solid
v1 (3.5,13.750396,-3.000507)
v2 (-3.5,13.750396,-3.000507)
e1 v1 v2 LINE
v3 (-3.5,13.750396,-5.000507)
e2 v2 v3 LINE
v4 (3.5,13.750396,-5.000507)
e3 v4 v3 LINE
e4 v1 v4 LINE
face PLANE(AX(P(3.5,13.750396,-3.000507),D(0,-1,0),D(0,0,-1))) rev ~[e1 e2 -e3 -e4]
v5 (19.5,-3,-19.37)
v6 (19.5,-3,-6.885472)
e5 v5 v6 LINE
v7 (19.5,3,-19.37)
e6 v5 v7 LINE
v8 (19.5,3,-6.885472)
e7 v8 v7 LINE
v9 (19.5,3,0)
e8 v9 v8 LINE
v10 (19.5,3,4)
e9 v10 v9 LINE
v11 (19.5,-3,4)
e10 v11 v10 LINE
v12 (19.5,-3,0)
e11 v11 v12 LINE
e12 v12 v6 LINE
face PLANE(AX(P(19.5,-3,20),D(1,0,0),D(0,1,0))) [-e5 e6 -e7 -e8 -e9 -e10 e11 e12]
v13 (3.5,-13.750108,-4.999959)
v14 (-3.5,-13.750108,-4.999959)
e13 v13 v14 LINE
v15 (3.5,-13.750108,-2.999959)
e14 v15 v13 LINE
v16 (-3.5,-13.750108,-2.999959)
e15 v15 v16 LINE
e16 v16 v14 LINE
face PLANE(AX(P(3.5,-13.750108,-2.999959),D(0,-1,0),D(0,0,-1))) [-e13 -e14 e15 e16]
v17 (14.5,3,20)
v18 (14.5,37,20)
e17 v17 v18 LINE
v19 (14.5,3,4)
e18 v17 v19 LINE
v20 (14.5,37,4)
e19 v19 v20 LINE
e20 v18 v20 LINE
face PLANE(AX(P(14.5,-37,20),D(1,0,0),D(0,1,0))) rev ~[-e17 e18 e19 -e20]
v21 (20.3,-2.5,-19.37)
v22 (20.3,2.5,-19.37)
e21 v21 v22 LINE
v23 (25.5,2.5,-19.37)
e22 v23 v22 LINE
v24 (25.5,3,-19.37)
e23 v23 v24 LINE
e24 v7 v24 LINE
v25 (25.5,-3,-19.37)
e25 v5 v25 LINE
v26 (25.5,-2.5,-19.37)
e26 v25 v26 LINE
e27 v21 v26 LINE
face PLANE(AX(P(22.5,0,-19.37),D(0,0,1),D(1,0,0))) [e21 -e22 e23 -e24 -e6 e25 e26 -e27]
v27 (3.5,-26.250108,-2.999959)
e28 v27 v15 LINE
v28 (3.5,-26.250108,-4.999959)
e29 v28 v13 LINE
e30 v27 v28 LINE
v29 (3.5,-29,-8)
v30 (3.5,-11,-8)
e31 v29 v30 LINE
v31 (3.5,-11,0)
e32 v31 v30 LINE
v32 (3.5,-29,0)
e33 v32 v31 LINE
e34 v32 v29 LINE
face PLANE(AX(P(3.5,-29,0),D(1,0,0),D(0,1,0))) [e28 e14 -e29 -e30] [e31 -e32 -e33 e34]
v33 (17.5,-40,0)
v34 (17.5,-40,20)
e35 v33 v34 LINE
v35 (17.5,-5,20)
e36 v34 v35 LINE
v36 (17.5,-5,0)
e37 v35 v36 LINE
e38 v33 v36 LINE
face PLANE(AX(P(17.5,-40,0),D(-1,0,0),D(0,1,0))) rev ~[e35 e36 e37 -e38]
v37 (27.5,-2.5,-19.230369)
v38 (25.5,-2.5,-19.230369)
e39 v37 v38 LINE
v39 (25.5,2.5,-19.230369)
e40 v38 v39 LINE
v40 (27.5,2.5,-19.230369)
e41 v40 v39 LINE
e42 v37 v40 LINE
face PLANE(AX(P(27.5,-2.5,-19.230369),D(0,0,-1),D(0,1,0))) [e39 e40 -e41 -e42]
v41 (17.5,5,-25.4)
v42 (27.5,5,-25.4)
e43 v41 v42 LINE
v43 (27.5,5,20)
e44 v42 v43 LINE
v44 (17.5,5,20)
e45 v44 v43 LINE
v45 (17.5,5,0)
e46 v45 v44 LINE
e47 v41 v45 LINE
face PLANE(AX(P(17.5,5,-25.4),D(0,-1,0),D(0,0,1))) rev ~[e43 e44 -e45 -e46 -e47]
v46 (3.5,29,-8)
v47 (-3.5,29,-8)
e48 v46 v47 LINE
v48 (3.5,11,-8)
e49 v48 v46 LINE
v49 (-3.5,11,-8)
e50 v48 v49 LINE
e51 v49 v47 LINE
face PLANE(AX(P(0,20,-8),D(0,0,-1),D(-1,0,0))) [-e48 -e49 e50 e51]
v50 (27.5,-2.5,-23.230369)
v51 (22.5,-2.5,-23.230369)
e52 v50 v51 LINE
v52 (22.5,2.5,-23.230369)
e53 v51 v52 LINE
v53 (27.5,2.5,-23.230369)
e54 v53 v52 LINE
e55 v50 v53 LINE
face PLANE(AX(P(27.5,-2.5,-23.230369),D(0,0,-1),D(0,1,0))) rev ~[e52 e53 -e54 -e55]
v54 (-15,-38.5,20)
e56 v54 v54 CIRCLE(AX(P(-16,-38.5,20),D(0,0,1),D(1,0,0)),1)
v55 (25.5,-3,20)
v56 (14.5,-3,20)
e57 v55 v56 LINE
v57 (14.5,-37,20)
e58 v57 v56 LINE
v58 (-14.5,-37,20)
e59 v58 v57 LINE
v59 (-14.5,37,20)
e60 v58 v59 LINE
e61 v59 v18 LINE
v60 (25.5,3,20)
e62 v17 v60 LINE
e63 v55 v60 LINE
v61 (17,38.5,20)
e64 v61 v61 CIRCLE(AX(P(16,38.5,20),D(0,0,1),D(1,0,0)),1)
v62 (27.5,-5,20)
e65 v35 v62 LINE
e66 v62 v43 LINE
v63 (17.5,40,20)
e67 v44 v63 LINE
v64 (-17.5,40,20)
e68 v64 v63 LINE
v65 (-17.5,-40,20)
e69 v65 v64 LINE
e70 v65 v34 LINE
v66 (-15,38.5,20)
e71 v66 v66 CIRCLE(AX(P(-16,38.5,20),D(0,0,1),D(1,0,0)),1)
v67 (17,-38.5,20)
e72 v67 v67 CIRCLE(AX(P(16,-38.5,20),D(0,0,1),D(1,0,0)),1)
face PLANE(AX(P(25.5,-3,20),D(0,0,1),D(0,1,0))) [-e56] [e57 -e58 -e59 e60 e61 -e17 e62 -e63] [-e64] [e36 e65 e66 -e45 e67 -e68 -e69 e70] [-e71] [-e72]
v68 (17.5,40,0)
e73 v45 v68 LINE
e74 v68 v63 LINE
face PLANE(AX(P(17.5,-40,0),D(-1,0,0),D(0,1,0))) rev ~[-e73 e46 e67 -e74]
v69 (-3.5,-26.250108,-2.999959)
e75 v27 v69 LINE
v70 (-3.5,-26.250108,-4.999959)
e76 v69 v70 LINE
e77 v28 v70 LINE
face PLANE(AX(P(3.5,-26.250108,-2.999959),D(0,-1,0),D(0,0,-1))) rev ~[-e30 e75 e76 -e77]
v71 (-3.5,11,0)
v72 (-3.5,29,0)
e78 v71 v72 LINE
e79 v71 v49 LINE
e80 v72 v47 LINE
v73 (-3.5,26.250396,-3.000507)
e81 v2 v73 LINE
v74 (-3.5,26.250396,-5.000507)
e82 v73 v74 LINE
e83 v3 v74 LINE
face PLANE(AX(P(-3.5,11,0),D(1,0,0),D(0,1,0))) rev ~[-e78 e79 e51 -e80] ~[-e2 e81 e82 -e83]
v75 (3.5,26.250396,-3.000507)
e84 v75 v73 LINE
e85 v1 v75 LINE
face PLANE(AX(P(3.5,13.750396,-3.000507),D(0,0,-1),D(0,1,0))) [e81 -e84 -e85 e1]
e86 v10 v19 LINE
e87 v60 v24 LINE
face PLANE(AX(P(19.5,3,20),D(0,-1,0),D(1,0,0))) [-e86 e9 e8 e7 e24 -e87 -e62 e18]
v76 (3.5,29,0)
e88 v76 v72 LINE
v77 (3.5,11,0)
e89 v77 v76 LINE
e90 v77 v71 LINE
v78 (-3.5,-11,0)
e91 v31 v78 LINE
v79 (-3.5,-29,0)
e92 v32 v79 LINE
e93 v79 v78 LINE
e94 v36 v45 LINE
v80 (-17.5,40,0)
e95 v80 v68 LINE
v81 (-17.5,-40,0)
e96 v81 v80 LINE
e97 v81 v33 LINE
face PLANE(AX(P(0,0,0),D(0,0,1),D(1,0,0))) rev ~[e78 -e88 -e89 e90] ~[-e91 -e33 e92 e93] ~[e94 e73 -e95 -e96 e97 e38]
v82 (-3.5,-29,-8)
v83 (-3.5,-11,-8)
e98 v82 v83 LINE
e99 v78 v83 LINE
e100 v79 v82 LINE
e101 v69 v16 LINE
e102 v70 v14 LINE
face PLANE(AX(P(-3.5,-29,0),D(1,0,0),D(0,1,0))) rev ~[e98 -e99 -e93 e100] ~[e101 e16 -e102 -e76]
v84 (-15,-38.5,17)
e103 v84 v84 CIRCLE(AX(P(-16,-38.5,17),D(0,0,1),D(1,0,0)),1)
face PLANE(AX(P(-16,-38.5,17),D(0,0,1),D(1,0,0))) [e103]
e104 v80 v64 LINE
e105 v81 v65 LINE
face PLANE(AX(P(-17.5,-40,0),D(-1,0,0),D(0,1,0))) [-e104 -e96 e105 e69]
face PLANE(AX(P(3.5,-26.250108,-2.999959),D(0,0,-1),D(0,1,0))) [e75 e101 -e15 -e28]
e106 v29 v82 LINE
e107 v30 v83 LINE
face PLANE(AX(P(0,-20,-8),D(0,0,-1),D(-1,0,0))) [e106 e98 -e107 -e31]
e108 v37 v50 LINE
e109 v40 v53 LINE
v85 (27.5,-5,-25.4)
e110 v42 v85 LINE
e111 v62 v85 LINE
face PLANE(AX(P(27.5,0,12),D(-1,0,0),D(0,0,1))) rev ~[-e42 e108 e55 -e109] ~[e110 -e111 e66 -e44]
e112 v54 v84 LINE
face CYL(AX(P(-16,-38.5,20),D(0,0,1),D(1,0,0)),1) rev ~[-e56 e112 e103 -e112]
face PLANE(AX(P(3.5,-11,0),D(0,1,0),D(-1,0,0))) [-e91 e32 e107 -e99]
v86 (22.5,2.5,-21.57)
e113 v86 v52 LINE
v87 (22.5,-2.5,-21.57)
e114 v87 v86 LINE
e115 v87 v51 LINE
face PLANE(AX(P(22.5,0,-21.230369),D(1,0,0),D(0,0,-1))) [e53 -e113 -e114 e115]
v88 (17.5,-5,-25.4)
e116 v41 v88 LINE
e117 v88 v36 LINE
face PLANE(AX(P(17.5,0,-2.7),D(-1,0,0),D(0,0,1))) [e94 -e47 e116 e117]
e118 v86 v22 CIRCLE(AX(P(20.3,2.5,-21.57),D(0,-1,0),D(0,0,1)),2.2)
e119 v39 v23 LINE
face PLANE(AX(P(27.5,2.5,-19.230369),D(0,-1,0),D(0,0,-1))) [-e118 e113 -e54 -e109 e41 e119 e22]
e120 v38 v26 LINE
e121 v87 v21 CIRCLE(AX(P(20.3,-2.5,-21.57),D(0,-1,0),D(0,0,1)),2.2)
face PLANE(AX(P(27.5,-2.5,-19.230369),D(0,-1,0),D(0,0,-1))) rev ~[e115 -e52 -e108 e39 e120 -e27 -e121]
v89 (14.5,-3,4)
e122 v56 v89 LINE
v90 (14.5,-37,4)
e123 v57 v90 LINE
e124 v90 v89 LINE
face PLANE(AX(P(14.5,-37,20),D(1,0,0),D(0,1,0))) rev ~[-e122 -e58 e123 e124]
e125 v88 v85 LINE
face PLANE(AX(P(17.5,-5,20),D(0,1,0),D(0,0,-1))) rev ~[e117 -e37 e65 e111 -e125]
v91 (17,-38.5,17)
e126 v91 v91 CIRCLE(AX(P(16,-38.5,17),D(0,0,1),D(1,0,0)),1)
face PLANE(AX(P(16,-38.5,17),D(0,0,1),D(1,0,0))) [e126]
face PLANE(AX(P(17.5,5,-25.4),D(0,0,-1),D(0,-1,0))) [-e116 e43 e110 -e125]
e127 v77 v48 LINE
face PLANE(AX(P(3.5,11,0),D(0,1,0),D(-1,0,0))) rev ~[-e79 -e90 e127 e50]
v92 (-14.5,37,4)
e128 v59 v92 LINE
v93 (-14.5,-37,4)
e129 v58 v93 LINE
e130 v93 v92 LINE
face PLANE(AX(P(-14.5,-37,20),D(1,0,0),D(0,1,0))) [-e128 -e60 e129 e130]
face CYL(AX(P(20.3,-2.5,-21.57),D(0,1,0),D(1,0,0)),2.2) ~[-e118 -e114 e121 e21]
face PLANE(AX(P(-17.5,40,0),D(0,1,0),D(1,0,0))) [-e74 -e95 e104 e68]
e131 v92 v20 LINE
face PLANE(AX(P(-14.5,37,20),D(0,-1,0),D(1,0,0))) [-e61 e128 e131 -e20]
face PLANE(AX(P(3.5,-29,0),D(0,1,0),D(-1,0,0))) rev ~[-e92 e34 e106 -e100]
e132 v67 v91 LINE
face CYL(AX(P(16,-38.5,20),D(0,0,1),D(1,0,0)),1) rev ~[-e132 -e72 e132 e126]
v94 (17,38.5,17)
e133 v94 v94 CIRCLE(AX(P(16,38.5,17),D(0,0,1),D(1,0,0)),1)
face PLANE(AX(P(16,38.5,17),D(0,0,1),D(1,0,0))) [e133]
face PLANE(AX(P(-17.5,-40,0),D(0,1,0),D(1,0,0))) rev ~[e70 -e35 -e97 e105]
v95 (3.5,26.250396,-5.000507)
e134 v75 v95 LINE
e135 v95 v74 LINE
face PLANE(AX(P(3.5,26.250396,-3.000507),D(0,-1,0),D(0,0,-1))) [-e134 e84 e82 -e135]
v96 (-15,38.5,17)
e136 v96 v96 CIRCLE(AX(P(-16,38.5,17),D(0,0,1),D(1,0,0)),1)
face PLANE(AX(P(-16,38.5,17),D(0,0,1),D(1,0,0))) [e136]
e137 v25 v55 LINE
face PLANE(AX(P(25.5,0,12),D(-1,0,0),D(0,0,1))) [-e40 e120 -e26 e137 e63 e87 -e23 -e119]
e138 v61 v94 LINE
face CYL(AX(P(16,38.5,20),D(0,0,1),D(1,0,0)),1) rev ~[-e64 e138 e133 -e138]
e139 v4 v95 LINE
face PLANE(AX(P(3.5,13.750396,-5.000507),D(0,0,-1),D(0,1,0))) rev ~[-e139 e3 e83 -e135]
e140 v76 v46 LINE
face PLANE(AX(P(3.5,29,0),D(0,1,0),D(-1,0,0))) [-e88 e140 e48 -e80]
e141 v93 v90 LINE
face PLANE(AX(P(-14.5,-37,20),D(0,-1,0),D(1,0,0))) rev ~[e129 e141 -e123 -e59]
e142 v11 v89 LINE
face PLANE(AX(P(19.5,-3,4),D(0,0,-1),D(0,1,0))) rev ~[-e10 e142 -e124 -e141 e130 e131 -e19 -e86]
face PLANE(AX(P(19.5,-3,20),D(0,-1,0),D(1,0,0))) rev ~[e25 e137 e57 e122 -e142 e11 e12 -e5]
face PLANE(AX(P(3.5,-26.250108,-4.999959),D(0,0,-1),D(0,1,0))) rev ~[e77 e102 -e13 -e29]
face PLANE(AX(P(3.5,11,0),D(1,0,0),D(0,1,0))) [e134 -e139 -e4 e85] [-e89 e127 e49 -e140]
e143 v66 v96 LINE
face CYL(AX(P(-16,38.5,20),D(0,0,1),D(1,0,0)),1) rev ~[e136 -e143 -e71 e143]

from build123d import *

# Parameters (mm, degrees)
SKETCH1_W           = 35
SKETCH1_H           = 80
BOSS_EXTRUDE1_DEPTH = 20
BOSS_EXTRUDE2_DEPTH = 10
SKETCH3_W           = 6
SKETCH3_H           = 6
CUT_EXTRUDE2_DEPTH  = 39.37
SKETCH6_W           = 4
SKETCH6_H           = 5
CUT_EXTRUDE4_DEPTH  = 5
SKETCH7_W           = 29
SKETCH7_H           = 74
CUT_EXTRUDE5_DEPTH  = 16
SKETCH11_W          = 12.542842321
SKETCH11_H          = 6
CUT_EXTRUDE8_DEPTH  = 16
BOSS_EXTRUDE3_DEPTH = 10
FILLET5_R           = 2.2
SKETCH13_W          = 7
SKETCH13_H          = 18
BOSS_EXTRUDE4_DEPTH = 8
SKETCH14_W          = 2
SKETCH14_H          = 12.5
CUT_EXTRUDE9_DEPTH  = 54.114593098
SKETCH15_W          = 2
SKETCH15_H          = 12.5
CUT_EXTRUDE10_DEPTH = 54.114593098
SKETCH16_W          = 16
SKETCH16_H          = 6
CUT_EXTRUDE11_DEPTH = 10
SKETCH17_W          = 16
SKETCH17_H          = 6
BOSS_EXTRUDE5_DEPTH = 2
SKETCH18_W          = 6
SKETCH18_H          = 6
CUT_EXTRUDE12_DEPTH = 19
SKETCH19_R          = 1
CUT_EXTRUDE13_DEPTH = 3


with BuildPart() as part:
    # Sketch1 → Boss-Extrude1 (new body)
    with BuildSketch(Plane.XY):
        Rectangle(SKETCH1_W, SKETCH1_H)
    extrude(amount=BOSS_EXTRUDE1_DEPTH)

    # Sketch7 → Cut-Extrude5 (cut)
    with BuildSketch(Plane.XY.offset(20)):
        Rectangle(SKETCH7_W, SKETCH7_H)
    extrude(amount=-CUT_EXTRUDE5_DEPTH, mode=Mode.SUBTRACT)



with BuildPart() as body_2:
    # Sketch2 → Boss-Extrude2 (new body)
    with BuildSketch(Plane(origin=(17.5, 0, 0), x_dir=(0, 0, -1), z_dir=(1, 0, 0))):
        Polygon((0, 5), (25.4, 5), (25.4, -5), (0, -5), (-20, -5), (-20, 5), align=None)
    extrude(amount=BOSS_EXTRUDE2_DEPTH)

    # Sketch3 → Cut-Extrude2 (cut)
    with BuildSketch(Plane.XY.offset(20)):
        with Locations((22.5, 0)):
            Rectangle(SKETCH3_W, SKETCH3_H)
    extrude(amount=-CUT_EXTRUDE2_DEPTH, mode=Mode.SUBTRACT)

    # Sketch6 → Cut-Extrude4 (cut)
    with BuildSketch(Plane(origin=(27.5, 0, 0), x_dir=(0, 0, -1), z_dir=(1, 0, 0))):
        with Locations((21.230369208, 0)):
            Rectangle(SKETCH6_W, SKETCH6_H)
    extrude(amount=-CUT_EXTRUDE4_DEPTH, mode=Mode.SUBTRACT)

    # Sketch11 → Cut-Extrude8 (cut)
    with BuildSketch(Plane.XY.offset(20)):
        with Locations((25.771421161, 0)):
            Rectangle(SKETCH11_W, SKETCH11_H)
    extrude(amount=-CUT_EXTRUDE8_DEPTH, mode=Mode.SUBTRACT)


with BuildPart() as part_1:
    add(part.part)

    add(body_2.part)  # Boss-Extrude3 merges body 2
    # Sketch12 → Boss-Extrude3 (add)
    with BuildSketch(Plane.XZ.offset(5)):
        with BuildLine():
            Line((26.553770823, 0), (17.5, 0))
            Line((17.5, 0), (17.5, -4.56807309))
            ThreePointArc((17.5, -4.56807309), (24.455433698, -7.097339482), (26.553770823, 0))
        make_face()
    extrude(amount=-BOSS_EXTRUDE3_DEPTH)

    # Fillet5
    fillet5_edges = [part_1.edges().sort_by_distance(p)[0] for p in [
        (22.5, 0, -19.37),
    ]]
    fillet(fillet5_edges, radius=FILLET5_R)

    # Sketch13 → Boss-Extrude4 (add)
    with BuildSketch(Plane(origin=(0, 0, 0), x_dir=(-1, 0, 0), z_dir=(0, 0, -1))):
        with Locations((0, 20)):
            Rectangle(SKETCH13_W, SKETCH13_H)
        with Locations((0, -20)):
            Rectangle(SKETCH13_W, SKETCH13_H)
    extrude(amount=BOSS_EXTRUDE4_DEPTH)

    # Sketch14 → Cut-Extrude9 (cut, through all)
    with BuildSketch(Plane(origin=(3.5, 0, 0), x_dir=(0, 0, -1), z_dir=(1, 0, 0))):
        with Locations((4.000507047, 20.000395676)):
            Rectangle(SKETCH14_W, SKETCH14_H)
    extrude(amount=-CUT_EXTRUDE9_DEPTH, mode=Mode.SUBTRACT)

    # Sketch15 → Cut-Extrude10 (cut, through all)
    with BuildSketch(Plane(origin=(3.5, 0, 0), x_dir=(0, 0, -1), z_dir=(1, 0, 0))):
        with Locations((3.99995913, -20.00010798)):
            Rectangle(SKETCH15_W, SKETCH15_H)
    extrude(amount=-CUT_EXTRUDE10_DEPTH, mode=Mode.SUBTRACT)

    # Sketch16 → Cut-Extrude11 (cut)
    with BuildSketch(Plane(origin=(19.5, 0, 0), x_dir=(0, 0, -1), z_dir=(1, 0, 0))):
        with Locations((-12, 0)):
            Rectangle(SKETCH16_W, SKETCH16_H)
    extrude(amount=-CUT_EXTRUDE11_DEPTH, mode=Mode.SUBTRACT)

    # Sketch17 → Boss-Extrude5 (add)
    with BuildSketch(Plane.ZY.offset(-25.5)):
        with Locations((12, 0)):
            Rectangle(SKETCH17_W, SKETCH17_H)
    extrude(amount=-BOSS_EXTRUDE5_DEPTH)

    # Sketch18 → Cut-Extrude12 (cut)
    with BuildSketch(Plane.XY):
        with Locations((22.5, 0)):
            Rectangle(SKETCH18_W, SKETCH18_H)
    extrude(amount=-CUT_EXTRUDE12_DEPTH, mode=Mode.SUBTRACT)

    # Sketch19 → Cut-Extrude13 (cut)
    with BuildSketch(Plane.XY.offset(20)):
        with Locations((16, 38.5)):
            Circle(SKETCH19_R)
        with Locations((-16, 38.5)):
            Circle(SKETCH19_R)
        with Locations((16, -38.5)):
            Circle(SKETCH19_R)
        with Locations((-16, -38.5)):
            Circle(SKETCH19_R)
    extrude(amount=-CUT_EXTRUDE13_DEPTH, mode=Mode.SUBTRACT)


solid = part_1.part
